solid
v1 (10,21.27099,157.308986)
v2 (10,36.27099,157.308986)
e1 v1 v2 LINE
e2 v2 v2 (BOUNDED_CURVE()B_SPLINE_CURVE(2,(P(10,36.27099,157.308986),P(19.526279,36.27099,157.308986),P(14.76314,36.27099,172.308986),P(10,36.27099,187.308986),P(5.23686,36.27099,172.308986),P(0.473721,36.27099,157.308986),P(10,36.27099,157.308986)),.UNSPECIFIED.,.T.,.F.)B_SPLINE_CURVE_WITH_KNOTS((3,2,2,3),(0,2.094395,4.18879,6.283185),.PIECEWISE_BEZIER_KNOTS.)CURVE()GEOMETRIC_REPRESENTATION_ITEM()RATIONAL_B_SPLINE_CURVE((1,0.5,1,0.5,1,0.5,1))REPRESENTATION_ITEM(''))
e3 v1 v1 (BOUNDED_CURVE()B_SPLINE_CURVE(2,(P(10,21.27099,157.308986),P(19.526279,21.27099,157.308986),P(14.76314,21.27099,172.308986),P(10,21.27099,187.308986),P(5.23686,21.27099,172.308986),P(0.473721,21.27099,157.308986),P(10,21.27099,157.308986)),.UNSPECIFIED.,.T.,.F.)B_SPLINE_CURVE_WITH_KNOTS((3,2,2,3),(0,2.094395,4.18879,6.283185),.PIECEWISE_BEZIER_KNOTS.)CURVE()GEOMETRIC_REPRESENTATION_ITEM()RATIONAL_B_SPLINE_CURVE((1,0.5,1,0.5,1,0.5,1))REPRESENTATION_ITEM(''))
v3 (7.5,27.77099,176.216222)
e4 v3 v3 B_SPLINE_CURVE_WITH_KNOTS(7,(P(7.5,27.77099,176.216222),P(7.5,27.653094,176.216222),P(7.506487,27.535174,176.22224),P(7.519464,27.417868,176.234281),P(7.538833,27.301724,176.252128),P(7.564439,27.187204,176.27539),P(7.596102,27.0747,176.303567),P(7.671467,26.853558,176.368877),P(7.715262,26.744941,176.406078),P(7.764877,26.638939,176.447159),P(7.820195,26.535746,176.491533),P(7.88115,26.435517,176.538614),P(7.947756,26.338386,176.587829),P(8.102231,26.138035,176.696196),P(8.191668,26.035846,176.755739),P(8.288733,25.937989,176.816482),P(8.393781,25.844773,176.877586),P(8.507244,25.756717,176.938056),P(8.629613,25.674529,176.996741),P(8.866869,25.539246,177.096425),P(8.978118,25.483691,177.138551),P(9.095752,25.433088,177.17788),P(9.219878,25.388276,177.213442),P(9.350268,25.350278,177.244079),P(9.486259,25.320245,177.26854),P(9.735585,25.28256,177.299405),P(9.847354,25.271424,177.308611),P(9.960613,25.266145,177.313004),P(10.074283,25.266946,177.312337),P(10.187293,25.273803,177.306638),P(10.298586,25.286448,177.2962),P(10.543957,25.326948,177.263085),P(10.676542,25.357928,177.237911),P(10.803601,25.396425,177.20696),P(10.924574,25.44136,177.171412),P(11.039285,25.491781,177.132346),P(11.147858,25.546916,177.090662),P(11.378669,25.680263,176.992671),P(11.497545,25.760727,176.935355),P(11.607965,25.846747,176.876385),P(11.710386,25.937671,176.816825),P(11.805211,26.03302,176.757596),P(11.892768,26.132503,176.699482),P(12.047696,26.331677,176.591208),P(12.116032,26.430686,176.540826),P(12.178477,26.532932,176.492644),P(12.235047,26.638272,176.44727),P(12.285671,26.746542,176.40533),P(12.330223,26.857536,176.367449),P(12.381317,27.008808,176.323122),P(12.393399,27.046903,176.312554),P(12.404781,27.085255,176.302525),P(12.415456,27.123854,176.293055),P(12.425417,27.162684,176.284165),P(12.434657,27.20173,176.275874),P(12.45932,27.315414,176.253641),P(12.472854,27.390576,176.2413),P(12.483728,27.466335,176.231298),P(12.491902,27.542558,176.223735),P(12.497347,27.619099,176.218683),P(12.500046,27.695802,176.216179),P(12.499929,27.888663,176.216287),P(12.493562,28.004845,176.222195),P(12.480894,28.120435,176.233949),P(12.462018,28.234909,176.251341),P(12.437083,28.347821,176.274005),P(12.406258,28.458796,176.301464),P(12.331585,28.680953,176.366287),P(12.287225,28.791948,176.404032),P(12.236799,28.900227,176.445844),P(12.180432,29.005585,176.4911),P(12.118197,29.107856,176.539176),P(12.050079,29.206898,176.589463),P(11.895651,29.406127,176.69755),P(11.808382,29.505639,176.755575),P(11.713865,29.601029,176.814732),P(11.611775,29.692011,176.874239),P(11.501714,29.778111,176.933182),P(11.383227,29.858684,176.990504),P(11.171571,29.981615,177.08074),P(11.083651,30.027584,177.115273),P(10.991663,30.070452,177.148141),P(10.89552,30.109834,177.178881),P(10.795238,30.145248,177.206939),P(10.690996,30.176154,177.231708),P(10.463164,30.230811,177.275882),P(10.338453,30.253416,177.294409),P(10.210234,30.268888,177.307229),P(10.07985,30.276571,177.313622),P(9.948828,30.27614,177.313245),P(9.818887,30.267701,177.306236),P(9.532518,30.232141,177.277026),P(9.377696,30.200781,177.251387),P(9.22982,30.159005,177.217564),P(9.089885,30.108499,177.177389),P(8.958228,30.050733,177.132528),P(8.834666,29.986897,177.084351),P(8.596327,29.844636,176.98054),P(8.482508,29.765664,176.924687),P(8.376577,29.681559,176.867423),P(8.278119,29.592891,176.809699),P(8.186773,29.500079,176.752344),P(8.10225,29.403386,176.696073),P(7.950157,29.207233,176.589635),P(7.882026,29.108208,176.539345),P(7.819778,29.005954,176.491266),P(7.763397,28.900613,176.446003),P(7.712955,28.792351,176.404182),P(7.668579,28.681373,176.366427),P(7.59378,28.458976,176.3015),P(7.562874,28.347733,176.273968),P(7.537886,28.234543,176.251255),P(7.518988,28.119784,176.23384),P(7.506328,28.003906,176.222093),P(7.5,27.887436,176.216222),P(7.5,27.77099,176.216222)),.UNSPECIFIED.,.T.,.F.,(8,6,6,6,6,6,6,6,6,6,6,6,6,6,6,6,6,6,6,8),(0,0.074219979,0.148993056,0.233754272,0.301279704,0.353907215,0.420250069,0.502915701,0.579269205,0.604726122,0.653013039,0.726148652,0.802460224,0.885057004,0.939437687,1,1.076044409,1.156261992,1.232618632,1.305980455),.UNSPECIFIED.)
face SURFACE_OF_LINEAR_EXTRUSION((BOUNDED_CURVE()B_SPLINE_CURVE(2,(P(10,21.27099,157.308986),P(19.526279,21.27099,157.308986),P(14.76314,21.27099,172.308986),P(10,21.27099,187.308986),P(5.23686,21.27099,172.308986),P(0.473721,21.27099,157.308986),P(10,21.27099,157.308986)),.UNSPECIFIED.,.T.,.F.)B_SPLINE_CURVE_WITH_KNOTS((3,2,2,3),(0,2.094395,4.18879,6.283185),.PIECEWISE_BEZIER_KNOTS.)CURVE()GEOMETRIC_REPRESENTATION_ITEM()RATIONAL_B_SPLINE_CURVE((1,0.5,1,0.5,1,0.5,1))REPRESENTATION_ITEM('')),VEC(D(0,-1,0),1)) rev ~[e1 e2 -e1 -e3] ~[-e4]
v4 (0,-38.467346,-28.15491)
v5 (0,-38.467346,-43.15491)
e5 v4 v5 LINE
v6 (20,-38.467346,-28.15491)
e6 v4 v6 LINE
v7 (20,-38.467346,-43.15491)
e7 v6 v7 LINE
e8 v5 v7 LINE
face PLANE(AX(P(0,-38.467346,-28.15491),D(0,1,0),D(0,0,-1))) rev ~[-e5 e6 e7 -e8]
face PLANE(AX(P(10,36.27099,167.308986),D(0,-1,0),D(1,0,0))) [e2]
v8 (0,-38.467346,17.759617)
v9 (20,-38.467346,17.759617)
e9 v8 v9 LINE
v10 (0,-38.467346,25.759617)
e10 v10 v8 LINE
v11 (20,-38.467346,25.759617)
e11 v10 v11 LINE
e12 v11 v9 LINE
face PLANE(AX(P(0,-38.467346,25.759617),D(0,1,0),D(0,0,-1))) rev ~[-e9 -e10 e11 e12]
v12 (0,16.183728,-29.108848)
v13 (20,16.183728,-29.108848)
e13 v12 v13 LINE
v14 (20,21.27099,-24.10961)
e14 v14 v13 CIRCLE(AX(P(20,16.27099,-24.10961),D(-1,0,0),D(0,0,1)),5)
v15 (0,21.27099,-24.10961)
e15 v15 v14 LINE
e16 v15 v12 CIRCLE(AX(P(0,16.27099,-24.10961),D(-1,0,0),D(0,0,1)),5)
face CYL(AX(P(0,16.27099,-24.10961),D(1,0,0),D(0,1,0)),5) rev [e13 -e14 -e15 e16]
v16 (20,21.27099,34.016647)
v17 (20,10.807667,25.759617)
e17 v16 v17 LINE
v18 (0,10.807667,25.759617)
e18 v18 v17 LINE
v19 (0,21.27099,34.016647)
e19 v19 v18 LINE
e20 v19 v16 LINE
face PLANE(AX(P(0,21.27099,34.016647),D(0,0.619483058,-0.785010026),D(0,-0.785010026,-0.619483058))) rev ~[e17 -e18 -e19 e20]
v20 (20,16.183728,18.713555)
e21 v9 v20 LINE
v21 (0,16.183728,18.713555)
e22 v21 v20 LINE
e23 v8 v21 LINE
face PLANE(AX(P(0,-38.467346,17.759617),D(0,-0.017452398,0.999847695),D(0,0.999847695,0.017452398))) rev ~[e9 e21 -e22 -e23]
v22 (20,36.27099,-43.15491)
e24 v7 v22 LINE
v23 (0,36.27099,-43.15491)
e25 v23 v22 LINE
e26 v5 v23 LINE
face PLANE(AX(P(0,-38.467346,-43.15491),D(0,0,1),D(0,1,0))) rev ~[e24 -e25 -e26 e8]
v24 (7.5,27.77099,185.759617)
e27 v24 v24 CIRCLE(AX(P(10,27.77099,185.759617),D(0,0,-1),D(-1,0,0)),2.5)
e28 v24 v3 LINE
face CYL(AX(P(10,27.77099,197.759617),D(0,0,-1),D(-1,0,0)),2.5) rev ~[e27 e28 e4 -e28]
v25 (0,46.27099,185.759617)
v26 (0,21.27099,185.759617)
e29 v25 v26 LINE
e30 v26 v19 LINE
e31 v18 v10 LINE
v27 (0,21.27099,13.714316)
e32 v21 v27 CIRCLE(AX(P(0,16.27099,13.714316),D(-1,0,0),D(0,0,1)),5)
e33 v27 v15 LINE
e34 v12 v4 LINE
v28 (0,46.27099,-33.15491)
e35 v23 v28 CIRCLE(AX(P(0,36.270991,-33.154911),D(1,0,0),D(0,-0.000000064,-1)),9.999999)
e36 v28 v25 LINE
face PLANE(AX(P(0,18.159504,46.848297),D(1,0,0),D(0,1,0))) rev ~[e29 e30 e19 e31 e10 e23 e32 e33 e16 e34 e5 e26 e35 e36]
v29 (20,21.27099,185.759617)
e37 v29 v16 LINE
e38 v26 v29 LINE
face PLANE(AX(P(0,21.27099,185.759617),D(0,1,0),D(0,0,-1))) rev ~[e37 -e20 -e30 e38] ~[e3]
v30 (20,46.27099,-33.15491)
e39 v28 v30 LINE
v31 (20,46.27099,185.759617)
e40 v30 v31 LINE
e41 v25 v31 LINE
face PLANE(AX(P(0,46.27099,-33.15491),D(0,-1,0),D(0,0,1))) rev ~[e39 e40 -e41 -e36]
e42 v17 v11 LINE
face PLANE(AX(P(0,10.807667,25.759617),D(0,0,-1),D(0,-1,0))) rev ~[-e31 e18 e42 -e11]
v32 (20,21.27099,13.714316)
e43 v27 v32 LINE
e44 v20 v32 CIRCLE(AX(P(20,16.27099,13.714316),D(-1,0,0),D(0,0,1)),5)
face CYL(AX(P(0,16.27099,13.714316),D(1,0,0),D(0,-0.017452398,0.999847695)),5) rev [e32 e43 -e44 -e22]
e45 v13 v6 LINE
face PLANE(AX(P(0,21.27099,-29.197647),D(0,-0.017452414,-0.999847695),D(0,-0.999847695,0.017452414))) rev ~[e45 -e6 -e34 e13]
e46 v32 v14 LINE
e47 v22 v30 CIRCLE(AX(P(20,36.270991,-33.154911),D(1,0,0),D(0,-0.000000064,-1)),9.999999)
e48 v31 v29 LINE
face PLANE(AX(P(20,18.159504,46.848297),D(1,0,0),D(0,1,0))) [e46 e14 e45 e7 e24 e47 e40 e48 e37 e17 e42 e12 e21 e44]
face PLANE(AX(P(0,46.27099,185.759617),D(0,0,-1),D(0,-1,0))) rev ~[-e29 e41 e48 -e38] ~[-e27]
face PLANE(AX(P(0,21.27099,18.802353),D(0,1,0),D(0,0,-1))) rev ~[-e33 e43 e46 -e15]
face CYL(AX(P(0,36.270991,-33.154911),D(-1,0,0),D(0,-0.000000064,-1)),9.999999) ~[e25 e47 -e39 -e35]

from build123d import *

# Parameters (mm, degrees)
F1_DEPTH = 20
F2_R     = 5
F4_DEPTH = 15
F6_D     = 5
F6_DEPTH = 12


with BuildPart() as f1:
    # F0 (on Right) → F1 (new body)
    with BuildSketch(Plane.YZ):
        with BuildLine():
            Line((-38.467346, 25.759617), (-38.467346, 17.759617))
            Line((-38.467346, 17.759617), (21.27099, 18.802353))
            Line((21.27099, 18.802353), (21.27099, -29.197647))
            Line((21.27099, -29.197647), (-38.467346, -28.15491))
            Line((-38.467346, -28.15491), (-38.467346, -43.15491))
            Line((-38.467346, -43.15491), (36.27099, -43.15491))
            ThreePointArc((36.27099, -43.15491), (43.342058, -40.225978), (46.27099, -33.15491))
            Line((46.27099, -33.15491), (46.27099, 185.759617))
            Line((46.27099, 185.759617), (21.27099, 185.759617))
            Line((21.27099, 185.759617), (21.27099, 34.016647))
            Line((21.27099, 34.016647), (10.807667, 25.759617))
            Line((10.807667, 25.759617), (-38.467346, 25.759617))
        make_face()
    extrude(amount=F1_DEPTH)

    # F2
    f2_edges = [f1.edges().sort_by_distance(p)[0] for p in [
        (10, 21.27099, 18.802353),
        (10, 21.27099, -29.197647),
    ]]
    fillet(f2_edges, radius=F2_R)

    # F3 (on face) → F4 (cut)
    with BuildSketch(Plane.XZ.offset(-21.27099)):
        with BuildLine():
            add(Edge.make_bspline(
                [(10, 157.308986), (19.526279, 157.308986), (14.76314, 172.308986), (10, 187.308986), (5.23686, 172.308986), (0.473721, 157.308986), (10, 157.308986)],
                knots=[0, 0, 0, 2.094395, 2.094395, 4.18879, 4.18879, 6.283185, 6.283185, 6.283185], degree=2, weights=[1, 0.5, 1, 0.5, 1, 0.5, 1]))
        make_face()
    extrude(amount=-F4_DEPTH, mode=Mode.SUBTRACT)

    # F6
    with Locations(Plane.XY.offset(185.759617)):
        with Locations((10, 27.77099)):
            Hole(F6_D / 2, depth=F6_DEPTH)


solid = f1.part
